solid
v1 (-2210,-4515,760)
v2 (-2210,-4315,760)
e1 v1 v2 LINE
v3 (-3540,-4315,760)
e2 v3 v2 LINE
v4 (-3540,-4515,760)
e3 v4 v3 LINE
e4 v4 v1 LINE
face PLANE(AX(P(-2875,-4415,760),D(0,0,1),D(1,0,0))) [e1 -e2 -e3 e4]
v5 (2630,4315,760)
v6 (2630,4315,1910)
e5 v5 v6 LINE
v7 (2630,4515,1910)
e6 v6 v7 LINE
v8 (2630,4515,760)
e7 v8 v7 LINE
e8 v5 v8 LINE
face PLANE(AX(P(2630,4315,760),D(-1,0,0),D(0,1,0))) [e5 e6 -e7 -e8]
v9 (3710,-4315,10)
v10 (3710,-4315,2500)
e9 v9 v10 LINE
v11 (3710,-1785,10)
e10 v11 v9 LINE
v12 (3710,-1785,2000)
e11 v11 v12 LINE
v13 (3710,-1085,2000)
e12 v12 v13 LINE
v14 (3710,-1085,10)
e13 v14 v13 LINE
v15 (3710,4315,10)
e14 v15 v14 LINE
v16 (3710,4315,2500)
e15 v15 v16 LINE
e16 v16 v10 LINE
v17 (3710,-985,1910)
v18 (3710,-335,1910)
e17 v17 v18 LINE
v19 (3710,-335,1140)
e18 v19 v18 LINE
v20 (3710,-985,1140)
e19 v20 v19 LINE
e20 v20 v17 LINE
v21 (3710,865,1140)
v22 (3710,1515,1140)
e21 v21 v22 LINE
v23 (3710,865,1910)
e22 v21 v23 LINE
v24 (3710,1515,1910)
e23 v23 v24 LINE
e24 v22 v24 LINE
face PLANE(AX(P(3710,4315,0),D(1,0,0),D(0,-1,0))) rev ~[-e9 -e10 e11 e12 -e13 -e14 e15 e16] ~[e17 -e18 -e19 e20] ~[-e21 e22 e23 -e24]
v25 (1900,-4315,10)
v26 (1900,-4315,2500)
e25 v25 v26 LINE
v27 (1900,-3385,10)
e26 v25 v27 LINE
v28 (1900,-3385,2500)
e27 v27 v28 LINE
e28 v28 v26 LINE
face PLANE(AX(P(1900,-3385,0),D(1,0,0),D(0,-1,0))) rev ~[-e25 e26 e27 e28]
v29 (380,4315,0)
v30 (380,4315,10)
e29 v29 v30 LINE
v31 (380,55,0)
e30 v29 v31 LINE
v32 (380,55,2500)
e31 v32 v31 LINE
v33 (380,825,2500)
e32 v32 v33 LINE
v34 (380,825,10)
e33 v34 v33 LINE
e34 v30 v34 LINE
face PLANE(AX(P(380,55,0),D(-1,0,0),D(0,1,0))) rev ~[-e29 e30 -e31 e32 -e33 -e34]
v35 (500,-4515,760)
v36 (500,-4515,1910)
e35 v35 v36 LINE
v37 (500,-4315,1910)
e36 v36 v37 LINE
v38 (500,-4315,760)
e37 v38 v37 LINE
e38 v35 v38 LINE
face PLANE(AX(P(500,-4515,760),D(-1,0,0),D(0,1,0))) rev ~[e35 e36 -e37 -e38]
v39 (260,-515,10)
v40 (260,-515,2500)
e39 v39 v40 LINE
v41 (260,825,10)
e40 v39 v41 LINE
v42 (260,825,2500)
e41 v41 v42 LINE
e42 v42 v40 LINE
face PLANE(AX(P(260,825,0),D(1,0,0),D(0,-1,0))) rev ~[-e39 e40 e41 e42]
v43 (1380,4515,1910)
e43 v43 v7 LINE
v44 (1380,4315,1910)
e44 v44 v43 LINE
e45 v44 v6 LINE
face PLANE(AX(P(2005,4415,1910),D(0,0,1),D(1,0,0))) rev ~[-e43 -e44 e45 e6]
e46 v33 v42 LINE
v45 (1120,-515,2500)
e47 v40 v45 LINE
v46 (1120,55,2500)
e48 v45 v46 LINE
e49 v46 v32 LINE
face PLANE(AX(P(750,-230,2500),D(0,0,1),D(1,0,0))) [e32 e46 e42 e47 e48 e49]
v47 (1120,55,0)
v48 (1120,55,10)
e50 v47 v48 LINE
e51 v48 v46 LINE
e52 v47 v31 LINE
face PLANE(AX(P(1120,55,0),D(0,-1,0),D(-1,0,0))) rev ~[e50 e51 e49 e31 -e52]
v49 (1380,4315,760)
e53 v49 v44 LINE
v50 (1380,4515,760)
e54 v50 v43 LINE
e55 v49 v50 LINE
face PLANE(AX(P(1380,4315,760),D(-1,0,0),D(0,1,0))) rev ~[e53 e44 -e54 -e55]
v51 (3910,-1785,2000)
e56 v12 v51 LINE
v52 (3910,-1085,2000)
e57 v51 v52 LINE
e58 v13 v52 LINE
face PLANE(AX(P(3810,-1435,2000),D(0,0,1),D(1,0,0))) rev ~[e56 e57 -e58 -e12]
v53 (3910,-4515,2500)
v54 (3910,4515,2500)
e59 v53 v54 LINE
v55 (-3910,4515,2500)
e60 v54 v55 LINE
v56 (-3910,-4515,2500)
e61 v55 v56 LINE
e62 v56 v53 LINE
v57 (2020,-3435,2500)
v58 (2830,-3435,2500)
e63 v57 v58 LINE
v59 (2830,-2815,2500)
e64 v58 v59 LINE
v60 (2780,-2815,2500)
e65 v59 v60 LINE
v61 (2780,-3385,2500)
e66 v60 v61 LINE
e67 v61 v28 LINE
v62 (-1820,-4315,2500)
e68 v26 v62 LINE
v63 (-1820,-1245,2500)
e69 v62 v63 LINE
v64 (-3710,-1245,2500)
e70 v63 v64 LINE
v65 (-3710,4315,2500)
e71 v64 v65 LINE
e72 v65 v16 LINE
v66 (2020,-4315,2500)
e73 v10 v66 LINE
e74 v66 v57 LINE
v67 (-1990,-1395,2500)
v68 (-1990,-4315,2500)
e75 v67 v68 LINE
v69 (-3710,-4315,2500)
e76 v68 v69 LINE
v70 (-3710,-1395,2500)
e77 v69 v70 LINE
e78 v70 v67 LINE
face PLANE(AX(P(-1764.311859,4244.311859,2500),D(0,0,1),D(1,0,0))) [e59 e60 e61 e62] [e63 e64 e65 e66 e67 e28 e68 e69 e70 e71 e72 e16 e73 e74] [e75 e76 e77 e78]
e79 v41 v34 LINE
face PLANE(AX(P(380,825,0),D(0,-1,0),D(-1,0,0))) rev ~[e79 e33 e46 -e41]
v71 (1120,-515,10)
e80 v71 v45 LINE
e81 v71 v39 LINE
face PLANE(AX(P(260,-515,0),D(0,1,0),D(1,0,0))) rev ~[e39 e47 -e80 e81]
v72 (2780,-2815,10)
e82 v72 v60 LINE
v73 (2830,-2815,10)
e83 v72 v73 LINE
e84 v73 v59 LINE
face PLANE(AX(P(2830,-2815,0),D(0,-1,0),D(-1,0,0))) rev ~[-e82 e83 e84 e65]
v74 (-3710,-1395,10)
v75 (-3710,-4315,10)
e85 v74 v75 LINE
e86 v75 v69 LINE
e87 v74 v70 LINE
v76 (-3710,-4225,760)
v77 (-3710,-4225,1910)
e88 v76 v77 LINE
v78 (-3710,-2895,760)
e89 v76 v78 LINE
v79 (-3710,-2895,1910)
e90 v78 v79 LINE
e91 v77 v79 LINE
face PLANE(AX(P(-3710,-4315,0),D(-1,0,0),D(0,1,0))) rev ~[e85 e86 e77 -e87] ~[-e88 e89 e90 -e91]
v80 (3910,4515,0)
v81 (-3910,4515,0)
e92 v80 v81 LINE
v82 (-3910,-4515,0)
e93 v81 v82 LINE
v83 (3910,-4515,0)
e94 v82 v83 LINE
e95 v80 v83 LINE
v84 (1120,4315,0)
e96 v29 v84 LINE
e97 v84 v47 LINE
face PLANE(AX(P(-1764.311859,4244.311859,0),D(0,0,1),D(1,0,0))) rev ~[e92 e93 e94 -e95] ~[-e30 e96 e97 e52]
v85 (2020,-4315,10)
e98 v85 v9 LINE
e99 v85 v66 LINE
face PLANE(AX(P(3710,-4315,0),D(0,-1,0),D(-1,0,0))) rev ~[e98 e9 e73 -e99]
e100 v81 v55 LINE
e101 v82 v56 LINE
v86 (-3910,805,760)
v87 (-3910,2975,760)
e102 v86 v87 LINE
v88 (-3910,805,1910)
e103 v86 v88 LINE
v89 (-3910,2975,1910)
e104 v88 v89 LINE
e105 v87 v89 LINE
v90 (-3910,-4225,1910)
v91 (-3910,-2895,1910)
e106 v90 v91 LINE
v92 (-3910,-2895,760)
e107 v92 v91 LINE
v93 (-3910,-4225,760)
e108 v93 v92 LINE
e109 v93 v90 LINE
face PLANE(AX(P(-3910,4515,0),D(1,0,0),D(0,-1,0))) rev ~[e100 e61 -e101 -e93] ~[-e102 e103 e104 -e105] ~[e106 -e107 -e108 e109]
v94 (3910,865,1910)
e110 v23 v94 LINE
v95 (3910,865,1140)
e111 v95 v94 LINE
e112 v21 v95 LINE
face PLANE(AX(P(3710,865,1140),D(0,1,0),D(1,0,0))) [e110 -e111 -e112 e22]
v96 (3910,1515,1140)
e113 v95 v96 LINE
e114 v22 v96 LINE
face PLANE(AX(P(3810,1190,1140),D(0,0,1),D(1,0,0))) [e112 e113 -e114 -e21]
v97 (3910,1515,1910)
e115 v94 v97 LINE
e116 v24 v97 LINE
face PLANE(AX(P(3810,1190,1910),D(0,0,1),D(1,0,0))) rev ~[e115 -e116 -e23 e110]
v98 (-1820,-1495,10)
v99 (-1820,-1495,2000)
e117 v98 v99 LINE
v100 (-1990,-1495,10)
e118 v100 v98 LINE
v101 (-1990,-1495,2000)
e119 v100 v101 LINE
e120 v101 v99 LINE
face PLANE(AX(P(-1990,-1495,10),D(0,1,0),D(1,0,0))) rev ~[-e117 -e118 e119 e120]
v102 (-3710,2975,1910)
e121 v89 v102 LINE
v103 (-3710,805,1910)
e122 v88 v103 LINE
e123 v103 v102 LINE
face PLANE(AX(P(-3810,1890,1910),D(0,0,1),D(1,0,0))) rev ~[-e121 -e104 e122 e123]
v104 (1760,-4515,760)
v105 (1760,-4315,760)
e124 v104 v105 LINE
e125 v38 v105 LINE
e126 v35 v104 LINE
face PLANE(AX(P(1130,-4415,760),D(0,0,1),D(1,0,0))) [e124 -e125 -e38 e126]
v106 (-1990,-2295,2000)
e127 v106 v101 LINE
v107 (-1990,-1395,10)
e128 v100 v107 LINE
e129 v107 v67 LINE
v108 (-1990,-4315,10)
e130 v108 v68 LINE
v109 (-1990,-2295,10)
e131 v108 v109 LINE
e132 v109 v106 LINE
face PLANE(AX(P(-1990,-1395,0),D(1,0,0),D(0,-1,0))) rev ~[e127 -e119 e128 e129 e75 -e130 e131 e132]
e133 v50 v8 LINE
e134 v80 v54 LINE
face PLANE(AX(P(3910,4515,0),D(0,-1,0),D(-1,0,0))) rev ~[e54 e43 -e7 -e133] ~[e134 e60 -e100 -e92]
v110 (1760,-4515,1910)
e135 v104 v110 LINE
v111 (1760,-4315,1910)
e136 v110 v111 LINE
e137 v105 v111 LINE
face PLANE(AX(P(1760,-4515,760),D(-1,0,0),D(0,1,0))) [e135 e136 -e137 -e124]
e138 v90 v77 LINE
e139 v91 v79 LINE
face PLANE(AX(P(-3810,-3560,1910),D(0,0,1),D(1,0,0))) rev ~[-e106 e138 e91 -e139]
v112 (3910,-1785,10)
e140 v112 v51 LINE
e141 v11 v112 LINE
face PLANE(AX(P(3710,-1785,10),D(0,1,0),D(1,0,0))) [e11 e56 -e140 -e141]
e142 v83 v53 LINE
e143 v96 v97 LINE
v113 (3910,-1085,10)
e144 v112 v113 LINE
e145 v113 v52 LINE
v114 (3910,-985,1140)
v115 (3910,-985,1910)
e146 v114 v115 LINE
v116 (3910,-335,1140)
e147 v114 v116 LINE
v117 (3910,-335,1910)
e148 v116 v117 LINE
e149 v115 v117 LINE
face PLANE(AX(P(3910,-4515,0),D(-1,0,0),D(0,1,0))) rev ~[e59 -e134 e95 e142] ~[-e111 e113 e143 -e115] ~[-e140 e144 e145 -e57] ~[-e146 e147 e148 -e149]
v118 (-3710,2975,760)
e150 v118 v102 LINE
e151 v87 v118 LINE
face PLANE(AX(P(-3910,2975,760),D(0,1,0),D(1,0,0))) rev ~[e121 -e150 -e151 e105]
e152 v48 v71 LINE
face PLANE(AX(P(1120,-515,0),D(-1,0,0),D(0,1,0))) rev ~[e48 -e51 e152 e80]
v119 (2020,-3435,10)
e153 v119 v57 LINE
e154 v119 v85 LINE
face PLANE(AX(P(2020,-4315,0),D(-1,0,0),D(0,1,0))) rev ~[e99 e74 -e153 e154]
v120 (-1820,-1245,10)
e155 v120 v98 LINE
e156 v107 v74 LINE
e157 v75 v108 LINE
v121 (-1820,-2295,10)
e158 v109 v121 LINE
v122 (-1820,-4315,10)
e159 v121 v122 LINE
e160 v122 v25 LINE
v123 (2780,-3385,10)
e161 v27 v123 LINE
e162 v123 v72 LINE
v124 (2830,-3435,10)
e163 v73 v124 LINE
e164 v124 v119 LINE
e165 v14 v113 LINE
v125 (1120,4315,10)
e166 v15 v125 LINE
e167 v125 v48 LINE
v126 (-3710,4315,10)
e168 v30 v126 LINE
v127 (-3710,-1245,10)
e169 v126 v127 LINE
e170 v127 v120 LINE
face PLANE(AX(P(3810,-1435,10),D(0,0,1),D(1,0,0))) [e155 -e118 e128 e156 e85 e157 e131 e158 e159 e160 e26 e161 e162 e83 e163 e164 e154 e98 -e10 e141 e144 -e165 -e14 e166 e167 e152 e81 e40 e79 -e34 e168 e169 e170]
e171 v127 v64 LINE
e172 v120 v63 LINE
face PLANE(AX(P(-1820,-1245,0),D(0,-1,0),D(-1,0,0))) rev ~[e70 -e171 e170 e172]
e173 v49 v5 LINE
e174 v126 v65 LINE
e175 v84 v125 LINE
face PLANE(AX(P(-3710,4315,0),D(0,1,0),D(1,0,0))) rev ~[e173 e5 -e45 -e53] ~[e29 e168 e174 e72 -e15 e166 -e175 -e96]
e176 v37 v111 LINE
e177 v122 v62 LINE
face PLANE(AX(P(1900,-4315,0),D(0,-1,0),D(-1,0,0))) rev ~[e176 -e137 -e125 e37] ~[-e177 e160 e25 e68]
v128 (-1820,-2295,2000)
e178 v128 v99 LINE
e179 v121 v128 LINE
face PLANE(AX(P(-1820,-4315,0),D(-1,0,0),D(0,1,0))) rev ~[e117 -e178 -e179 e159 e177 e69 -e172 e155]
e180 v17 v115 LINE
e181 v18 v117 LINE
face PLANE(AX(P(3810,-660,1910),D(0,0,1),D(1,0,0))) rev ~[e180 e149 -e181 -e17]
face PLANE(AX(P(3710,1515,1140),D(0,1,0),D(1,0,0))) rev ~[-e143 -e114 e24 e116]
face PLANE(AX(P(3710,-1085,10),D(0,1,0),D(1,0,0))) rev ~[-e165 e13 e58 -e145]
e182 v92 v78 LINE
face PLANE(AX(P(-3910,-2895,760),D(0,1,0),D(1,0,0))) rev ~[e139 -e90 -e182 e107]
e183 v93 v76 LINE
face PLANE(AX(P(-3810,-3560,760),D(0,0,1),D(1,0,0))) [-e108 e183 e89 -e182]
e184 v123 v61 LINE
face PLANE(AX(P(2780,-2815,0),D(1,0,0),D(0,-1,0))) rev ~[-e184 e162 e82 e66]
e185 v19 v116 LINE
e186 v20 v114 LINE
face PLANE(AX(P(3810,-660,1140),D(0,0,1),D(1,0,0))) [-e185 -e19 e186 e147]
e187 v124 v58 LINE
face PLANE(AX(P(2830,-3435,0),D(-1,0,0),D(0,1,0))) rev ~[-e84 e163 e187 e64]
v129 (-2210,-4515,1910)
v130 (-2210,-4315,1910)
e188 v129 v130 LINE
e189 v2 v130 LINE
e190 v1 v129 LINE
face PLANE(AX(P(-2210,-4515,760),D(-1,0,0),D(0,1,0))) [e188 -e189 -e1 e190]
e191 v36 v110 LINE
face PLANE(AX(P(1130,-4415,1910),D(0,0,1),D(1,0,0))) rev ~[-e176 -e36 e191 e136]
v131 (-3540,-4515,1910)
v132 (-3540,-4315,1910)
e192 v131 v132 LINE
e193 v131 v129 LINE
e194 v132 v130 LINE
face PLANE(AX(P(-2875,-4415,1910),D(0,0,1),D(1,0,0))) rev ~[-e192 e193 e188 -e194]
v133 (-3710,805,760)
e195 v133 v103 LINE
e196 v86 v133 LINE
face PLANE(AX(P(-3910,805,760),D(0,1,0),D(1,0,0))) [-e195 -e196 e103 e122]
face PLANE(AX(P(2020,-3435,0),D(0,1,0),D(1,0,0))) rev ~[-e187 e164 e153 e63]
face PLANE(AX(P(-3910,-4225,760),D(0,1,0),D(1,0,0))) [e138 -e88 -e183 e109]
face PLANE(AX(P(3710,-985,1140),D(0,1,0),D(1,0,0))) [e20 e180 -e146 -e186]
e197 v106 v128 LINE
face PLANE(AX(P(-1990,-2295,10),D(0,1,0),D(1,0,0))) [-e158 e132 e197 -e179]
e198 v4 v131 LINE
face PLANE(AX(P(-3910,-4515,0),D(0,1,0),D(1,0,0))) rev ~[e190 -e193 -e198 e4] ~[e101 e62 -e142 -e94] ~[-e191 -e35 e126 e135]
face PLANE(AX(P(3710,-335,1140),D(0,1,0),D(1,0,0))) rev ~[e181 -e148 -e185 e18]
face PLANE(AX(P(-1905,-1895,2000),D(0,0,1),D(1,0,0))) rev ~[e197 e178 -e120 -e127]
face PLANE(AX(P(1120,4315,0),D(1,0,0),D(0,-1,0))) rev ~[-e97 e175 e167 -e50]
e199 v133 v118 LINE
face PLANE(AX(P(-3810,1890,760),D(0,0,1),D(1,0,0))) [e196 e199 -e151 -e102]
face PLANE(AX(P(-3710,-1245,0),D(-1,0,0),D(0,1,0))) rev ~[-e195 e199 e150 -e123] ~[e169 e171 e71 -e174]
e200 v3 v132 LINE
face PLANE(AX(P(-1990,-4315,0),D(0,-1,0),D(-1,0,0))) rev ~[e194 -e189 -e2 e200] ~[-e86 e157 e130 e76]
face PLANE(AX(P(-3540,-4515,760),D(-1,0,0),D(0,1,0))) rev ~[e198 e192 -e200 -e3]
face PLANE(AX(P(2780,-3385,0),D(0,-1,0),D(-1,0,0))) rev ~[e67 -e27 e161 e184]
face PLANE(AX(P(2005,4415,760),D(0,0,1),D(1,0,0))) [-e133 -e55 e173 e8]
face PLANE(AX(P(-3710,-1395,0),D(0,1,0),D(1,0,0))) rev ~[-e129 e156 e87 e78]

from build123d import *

# Parameters (mm, degrees)
F0_W     = 820
F0_H     = 120
F0_W_2   = 170
F0_H_2   = 800
F0_W_3   = 120
F0_H_3   = 820
F0_H_4   = 110
F0_W_4   = 200
F0_H_5   = 700
F0_W_5   = 880
F0_H_6   = 310
F0_W_6   = 405
F0_H_7   = 880
F0_W_7   = 770
F0_W_8   = 780
F0_H_8   = 100
F0_W_9   = 1000
F0_H_9   = 2670
F0_H_10  = 2020
F0_W_10  = 50
F0_H_11  = 650
F0_H_12  = 250
F0_W_11  = 100
F0_H_13  = 600
F0_H_14  = 20
F1_DEPTH = 10
F0_W_12  = 1250
F0_H_15  = 200
F0_W_13  = 1260
F0_W_14  = 1330
F0_H_16  = 1330
F0_H_17  = 2170
F2_DEPTH = 2500
F3_START = 10
F3_DEPTH = 1990
F4_START = 760
F4_DEPTH = 1150
F5_START = 1140
F5_DEPTH = 770


with BuildPart() as f1:
    # F0 (on Top) → F1 (new body)
    with BuildSketch(Plane.XY):
        Polygon((-740, -395), (260, -395), (260, 825), (260, 1645), (260, 4315), (-3710, 4315), (-3710, 2975), (-3710, 805), (-3710, -395), (-1560, -395), align=None)
        with Locations((-1150, -455)):
            Rectangle(F0_W, F0_H)
        Polygon((-3710, -1245), (-1920, -1245), (-1920, -1135), (-1920, -535), (-1920, -515), (-3710, -515), align=None)
        Polygon((1760, -4315), (1900, -4315), (1900, -3385), (1900, -1365), (1900, -545), (1900, -515), (1120, -515), (380, -515), (260, -515), (-740, -515), (-1560, -515), (-1820, -515), (-1820, -535), (-1820, -1135), (-1820, -1245), (-1820, -1495), (-1820, -2295), (-1820, -4315), (500, -4315), align=None)
        with Locations((-1905, -1895)):
            Rectangle(F0_W_2, F0_H_2)
        Polygon((-2210, -4315), (-1990, -4315), (-1990, -2295), (-1990, -1495), (-1990, -1395), (-3710, -1395), (-3710, -2895), (-3710, -4225), (-3710, -4315), (-3540, -4315), align=None)
        with Locations((1960, -955)):
            Rectangle(F0_W_3, F0_H_3)
        Polygon((2830, -2565), (2830, -2815), (3710, -2815), (3710, -1785), (3710, -1085), (3710, -985), (3710, -335), (3710, -55), (2940, -55), (2120, -55), (2020, -55), (2020, -515), (2020, -545), (2020, -1365), (2020, -1855), (2830, -1855), (2830, -1915), align=None)
        Polygon((2780, -3385), (2780, -2815), (2780, -2565), (2780, -1915), (2780, -1905), (2020, -1905), (2020, -3385), align=None)
        with Locations((2530, 0)):
            Rectangle(F0_W, F0_H_4)
        with Locations((3810, -1435)):
            Rectangle(F0_W_4, F0_H_5)
        Polygon((1120, -415), (1900, -415), (1900, 55), (2120, 55), (2940, 55), (3710, 55), (3710, 865), (3710, 1515), (3710, 4315), (2630, 4315), (1380, 4315), (1120, 4315), (1120, 55), align=None)
        with Locations((320, 1235)):
            Rectangle(F0_W_3, F0_H_3)
        with Locations((3270, -2970)):
            Rectangle(F0_W_5, F0_H_6)
        with Locations((3270, -3280)):
            Rectangle(F0_W_5, F0_H_6)
        Polygon((2830, -3435), (3710, -3799.5079348883), (3710, -3435), align=None)
        Polygon((2830, -3435), (3710, -4315), (3710, -3799.5079348883), align=None)
        Polygon((3194.5079348883, -4315), (3710, -4315), (2830, -3435), align=None)
        Polygon((2830, -4315), (3194.5079348883, -4315), (2830, -3435), align=None)
        with Locations((2627.5, -3875)):
            Rectangle(F0_W_6, F0_H_7)
        with Locations((2222.5, -3875)):
            Rectangle(F0_W_6, F0_H_7)
        Polygon((1900, -3385), (2020, -3385), (2020, -1905), (2020, -1855), (2020, -1365), (1900, -1365), align=None)
        with Locations((3325, 0)):
            Rectangle(F0_W_7, F0_H_4)
        Polygon((2020, -4315), (2020, -3435), (2020, -3385), (1900, -3385), (1900, -4315), align=None)
        Polygon((1900, -515), (1900, -545), (2020, -545), (2020, -515), (2020, -55), (2120, -55), (2120, 55), (1900, 55), (1900, -415), align=None)
        with Locations((1510, -465)):
            Rectangle(F0_W_8, F0_H_8)
        Polygon((380, -515), (1120, -515), (1120, -415), (1120, 55), (380, 55), align=None)
        Polygon((260, -515), (380, -515), (380, 55), (380, 825), (260, 825), (260, -395), align=None)
        with Locations((-240, -455)):
            Rectangle(F0_W_9, F0_H)
        with Locations((320, 2980)):
            Rectangle(F0_W_3, F0_H_9)
        with Locations((-1905, -3305)):
            Rectangle(F0_W_2, F0_H_10)
        Polygon((2780, -1915), (2830, -1915), (2830, -1855), (2020, -1855), (2020, -1905), (2780, -1905), align=None)
        with Locations((2805, -2240)):
            Rectangle(F0_W_10, F0_H_11)
        with Locations((2805, -2690)):
            Rectangle(F0_W_10, F0_H_12)
        Polygon((2425, -3435), (2830, -3435), (2830, -3125), (2830, -2815), (2780, -2815), (2780, -3385), (2020, -3385), (2020, -3435), align=None)
        Polygon((-1990, -1495), (-1820, -1495), (-1820, -1245), (-1920, -1245), (-3710, -1245), (-3710, -1395), (-1990, -1395), align=None)
        with Locations((-1870, -1190)):
            Rectangle(F0_W_11, F0_H_4)
        with Locations((-1870, -835)):
            Rectangle(F0_W_11, F0_H_13)
        with Locations((-1870, -525)):
            Rectangle(F0_W_11, F0_H_14)
        Polygon((-1820, -515), (-1560, -515), (-1560, -395), (-3710, -395), (-3710, -515), (-1920, -515), align=None)
    extrude(amount=F1_DEPTH)

    # F0 (on Top) → F2 (join)
    with BuildSketch(Plane.XY):
        Polygon((380, 4315), (1120, 4315), (1380, 4315), (1380, 4515), (-3910, 4515), (-3910, 2975), (-3710, 2975), (-3710, 4315), (260, 4315), align=None)
        with Locations((2005, 4415)):
            Rectangle(F0_W_12, F0_H_15)
        Polygon((3710, 1515), (3910, 1515), (3910, 4515), (2630, 4515), (2630, 4315), (3710, 4315), align=None)
        with Locations((3810, 1190)):
            Rectangle(F0_W_4, F0_H_11)
        Polygon((3710, -55), (3710, -335), (3910, -335), (3910, 865), (3710, 865), (3710, 55), align=None)
        with Locations((3810, -660)):
            Rectangle(F0_W_4, F0_H_11)
        with Locations((3810, -1035)):
            Rectangle(F0_W_4, F0_H_8)
        with Locations((3810, -1435)):
            Rectangle(F0_W_4, F0_H_5)
        Polygon((3710, -3799.5079348883), (3710, -4315), (3194.5079348883, -4315), (2830, -4315), (2425, -4315), (2020, -4315), (1900, -4315), (1760, -4315), (1760, -4515), (3910, -4515), (3910, -1785), (3710, -1785), (3710, -2815), (3710, -3125), (3710, -3435), align=None)
        with Locations((1130, -4415)):
            Rectangle(F0_W_13, F0_H_15)
        Polygon((500, -4515), (500, -4315), (-1820, -4315), (-1990, -4315), (-2210, -4315), (-2210, -4515), align=None)
        with Locations((-2875, -4415)):
            Rectangle(F0_W_14, F0_H_15)
        Polygon((-3910, -4515), (-3540, -4515), (-3540, -4315), (-3710, -4315), (-3710, -4225), (-3910, -4225), align=None)
        with Locations((-3810, -3560)):
            Rectangle(F0_W_4, F0_H_16)
        Polygon((-3710, -2895), (-3710, -1395), (-3710, -1245), (-3710, -515), (-3710, -395), (-3710, 805), (-3910, 805), (-3910, -2895), align=None)
        with Locations((-3810, 1890)):
            Rectangle(F0_W_4, F0_H_17)
        Polygon((380, -515), (1120, -515), (1120, -415), (1120, 55), (380, 55), align=None)
        with Locations((-1905, -3305)):
            Rectangle(F0_W_2, F0_H_10)
        with Locations((-1905, -1895)):
            Rectangle(F0_W_2, F0_H_2)
        Polygon((-1990, -1495), (-1820, -1495), (-1820, -1245), (-1920, -1245), (-3710, -1245), (-3710, -1395), (-1990, -1395), align=None)
        Polygon((2020, -4315), (2020, -3435), (2020, -3385), (1900, -3385), (1900, -4315), align=None)
        Polygon((2425, -3435), (2830, -3435), (2830, -3125), (2830, -2815), (2780, -2815), (2780, -3385), (2020, -3385), (2020, -3435), align=None)
        Polygon((260, -515), (380, -515), (380, 55), (380, 825), (260, 825), (260, -395), align=None)
    extrude(amount=F2_DEPTH)

    # F0 (on Top) → F3 (cut)
    with BuildSketch(Plane.XY.offset(F3_START)):
        with Locations((2530, 0)):
            Rectangle(F0_W, F0_H_4)
        with Locations((1960, -955)):
            Rectangle(F0_W_3, F0_H_3)
        with Locations((320, 1235)):
            Rectangle(F0_W_3, F0_H_3)
        with Locations((-1150, -455)):
            Rectangle(F0_W, F0_H)
        with Locations((-1870, -835)):
            Rectangle(F0_W_11, F0_H_13)
        with Locations((-1905, -1895)):
            Rectangle(F0_W_2, F0_H_2)
        with Locations((3810, -1435)):
            Rectangle(F0_W_4, F0_H_5)
        with Locations((2805, -2240)):
            Rectangle(F0_W_10, F0_H_11)
    extrude(amount=F3_DEPTH, mode=Mode.SUBTRACT)

    # F0 (on Top) → F4 (cut)
    with BuildSketch(Plane.XY.offset(F4_START)):
        with Locations((2005, 4415)):
            Rectangle(F0_W_12, F0_H_15)
        with Locations((-3810, 1890)):
            Rectangle(F0_W_4, F0_H_17)
        with Locations((-3810, -3560)):
            Rectangle(F0_W_4, F0_H_16)
        with Locations((-2875, -4415)):
            Rectangle(F0_W_14, F0_H_15)
        with Locations((1130, -4415)):
            Rectangle(F0_W_13, F0_H_15)
    extrude(amount=F4_DEPTH, mode=Mode.SUBTRACT)

    # F0 (on Top) → F5 (cut)
    with BuildSketch(Plane.XY.offset(F5_START)):
        with Locations((3810, 1190)):
            Rectangle(F0_W_4, F0_H_11)
        with Locations((3810, -660)):
            Rectangle(F0_W_4, F0_H_11)
    extrude(amount=F5_DEPTH, mode=Mode.SUBTRACT)


solid = f1.part
